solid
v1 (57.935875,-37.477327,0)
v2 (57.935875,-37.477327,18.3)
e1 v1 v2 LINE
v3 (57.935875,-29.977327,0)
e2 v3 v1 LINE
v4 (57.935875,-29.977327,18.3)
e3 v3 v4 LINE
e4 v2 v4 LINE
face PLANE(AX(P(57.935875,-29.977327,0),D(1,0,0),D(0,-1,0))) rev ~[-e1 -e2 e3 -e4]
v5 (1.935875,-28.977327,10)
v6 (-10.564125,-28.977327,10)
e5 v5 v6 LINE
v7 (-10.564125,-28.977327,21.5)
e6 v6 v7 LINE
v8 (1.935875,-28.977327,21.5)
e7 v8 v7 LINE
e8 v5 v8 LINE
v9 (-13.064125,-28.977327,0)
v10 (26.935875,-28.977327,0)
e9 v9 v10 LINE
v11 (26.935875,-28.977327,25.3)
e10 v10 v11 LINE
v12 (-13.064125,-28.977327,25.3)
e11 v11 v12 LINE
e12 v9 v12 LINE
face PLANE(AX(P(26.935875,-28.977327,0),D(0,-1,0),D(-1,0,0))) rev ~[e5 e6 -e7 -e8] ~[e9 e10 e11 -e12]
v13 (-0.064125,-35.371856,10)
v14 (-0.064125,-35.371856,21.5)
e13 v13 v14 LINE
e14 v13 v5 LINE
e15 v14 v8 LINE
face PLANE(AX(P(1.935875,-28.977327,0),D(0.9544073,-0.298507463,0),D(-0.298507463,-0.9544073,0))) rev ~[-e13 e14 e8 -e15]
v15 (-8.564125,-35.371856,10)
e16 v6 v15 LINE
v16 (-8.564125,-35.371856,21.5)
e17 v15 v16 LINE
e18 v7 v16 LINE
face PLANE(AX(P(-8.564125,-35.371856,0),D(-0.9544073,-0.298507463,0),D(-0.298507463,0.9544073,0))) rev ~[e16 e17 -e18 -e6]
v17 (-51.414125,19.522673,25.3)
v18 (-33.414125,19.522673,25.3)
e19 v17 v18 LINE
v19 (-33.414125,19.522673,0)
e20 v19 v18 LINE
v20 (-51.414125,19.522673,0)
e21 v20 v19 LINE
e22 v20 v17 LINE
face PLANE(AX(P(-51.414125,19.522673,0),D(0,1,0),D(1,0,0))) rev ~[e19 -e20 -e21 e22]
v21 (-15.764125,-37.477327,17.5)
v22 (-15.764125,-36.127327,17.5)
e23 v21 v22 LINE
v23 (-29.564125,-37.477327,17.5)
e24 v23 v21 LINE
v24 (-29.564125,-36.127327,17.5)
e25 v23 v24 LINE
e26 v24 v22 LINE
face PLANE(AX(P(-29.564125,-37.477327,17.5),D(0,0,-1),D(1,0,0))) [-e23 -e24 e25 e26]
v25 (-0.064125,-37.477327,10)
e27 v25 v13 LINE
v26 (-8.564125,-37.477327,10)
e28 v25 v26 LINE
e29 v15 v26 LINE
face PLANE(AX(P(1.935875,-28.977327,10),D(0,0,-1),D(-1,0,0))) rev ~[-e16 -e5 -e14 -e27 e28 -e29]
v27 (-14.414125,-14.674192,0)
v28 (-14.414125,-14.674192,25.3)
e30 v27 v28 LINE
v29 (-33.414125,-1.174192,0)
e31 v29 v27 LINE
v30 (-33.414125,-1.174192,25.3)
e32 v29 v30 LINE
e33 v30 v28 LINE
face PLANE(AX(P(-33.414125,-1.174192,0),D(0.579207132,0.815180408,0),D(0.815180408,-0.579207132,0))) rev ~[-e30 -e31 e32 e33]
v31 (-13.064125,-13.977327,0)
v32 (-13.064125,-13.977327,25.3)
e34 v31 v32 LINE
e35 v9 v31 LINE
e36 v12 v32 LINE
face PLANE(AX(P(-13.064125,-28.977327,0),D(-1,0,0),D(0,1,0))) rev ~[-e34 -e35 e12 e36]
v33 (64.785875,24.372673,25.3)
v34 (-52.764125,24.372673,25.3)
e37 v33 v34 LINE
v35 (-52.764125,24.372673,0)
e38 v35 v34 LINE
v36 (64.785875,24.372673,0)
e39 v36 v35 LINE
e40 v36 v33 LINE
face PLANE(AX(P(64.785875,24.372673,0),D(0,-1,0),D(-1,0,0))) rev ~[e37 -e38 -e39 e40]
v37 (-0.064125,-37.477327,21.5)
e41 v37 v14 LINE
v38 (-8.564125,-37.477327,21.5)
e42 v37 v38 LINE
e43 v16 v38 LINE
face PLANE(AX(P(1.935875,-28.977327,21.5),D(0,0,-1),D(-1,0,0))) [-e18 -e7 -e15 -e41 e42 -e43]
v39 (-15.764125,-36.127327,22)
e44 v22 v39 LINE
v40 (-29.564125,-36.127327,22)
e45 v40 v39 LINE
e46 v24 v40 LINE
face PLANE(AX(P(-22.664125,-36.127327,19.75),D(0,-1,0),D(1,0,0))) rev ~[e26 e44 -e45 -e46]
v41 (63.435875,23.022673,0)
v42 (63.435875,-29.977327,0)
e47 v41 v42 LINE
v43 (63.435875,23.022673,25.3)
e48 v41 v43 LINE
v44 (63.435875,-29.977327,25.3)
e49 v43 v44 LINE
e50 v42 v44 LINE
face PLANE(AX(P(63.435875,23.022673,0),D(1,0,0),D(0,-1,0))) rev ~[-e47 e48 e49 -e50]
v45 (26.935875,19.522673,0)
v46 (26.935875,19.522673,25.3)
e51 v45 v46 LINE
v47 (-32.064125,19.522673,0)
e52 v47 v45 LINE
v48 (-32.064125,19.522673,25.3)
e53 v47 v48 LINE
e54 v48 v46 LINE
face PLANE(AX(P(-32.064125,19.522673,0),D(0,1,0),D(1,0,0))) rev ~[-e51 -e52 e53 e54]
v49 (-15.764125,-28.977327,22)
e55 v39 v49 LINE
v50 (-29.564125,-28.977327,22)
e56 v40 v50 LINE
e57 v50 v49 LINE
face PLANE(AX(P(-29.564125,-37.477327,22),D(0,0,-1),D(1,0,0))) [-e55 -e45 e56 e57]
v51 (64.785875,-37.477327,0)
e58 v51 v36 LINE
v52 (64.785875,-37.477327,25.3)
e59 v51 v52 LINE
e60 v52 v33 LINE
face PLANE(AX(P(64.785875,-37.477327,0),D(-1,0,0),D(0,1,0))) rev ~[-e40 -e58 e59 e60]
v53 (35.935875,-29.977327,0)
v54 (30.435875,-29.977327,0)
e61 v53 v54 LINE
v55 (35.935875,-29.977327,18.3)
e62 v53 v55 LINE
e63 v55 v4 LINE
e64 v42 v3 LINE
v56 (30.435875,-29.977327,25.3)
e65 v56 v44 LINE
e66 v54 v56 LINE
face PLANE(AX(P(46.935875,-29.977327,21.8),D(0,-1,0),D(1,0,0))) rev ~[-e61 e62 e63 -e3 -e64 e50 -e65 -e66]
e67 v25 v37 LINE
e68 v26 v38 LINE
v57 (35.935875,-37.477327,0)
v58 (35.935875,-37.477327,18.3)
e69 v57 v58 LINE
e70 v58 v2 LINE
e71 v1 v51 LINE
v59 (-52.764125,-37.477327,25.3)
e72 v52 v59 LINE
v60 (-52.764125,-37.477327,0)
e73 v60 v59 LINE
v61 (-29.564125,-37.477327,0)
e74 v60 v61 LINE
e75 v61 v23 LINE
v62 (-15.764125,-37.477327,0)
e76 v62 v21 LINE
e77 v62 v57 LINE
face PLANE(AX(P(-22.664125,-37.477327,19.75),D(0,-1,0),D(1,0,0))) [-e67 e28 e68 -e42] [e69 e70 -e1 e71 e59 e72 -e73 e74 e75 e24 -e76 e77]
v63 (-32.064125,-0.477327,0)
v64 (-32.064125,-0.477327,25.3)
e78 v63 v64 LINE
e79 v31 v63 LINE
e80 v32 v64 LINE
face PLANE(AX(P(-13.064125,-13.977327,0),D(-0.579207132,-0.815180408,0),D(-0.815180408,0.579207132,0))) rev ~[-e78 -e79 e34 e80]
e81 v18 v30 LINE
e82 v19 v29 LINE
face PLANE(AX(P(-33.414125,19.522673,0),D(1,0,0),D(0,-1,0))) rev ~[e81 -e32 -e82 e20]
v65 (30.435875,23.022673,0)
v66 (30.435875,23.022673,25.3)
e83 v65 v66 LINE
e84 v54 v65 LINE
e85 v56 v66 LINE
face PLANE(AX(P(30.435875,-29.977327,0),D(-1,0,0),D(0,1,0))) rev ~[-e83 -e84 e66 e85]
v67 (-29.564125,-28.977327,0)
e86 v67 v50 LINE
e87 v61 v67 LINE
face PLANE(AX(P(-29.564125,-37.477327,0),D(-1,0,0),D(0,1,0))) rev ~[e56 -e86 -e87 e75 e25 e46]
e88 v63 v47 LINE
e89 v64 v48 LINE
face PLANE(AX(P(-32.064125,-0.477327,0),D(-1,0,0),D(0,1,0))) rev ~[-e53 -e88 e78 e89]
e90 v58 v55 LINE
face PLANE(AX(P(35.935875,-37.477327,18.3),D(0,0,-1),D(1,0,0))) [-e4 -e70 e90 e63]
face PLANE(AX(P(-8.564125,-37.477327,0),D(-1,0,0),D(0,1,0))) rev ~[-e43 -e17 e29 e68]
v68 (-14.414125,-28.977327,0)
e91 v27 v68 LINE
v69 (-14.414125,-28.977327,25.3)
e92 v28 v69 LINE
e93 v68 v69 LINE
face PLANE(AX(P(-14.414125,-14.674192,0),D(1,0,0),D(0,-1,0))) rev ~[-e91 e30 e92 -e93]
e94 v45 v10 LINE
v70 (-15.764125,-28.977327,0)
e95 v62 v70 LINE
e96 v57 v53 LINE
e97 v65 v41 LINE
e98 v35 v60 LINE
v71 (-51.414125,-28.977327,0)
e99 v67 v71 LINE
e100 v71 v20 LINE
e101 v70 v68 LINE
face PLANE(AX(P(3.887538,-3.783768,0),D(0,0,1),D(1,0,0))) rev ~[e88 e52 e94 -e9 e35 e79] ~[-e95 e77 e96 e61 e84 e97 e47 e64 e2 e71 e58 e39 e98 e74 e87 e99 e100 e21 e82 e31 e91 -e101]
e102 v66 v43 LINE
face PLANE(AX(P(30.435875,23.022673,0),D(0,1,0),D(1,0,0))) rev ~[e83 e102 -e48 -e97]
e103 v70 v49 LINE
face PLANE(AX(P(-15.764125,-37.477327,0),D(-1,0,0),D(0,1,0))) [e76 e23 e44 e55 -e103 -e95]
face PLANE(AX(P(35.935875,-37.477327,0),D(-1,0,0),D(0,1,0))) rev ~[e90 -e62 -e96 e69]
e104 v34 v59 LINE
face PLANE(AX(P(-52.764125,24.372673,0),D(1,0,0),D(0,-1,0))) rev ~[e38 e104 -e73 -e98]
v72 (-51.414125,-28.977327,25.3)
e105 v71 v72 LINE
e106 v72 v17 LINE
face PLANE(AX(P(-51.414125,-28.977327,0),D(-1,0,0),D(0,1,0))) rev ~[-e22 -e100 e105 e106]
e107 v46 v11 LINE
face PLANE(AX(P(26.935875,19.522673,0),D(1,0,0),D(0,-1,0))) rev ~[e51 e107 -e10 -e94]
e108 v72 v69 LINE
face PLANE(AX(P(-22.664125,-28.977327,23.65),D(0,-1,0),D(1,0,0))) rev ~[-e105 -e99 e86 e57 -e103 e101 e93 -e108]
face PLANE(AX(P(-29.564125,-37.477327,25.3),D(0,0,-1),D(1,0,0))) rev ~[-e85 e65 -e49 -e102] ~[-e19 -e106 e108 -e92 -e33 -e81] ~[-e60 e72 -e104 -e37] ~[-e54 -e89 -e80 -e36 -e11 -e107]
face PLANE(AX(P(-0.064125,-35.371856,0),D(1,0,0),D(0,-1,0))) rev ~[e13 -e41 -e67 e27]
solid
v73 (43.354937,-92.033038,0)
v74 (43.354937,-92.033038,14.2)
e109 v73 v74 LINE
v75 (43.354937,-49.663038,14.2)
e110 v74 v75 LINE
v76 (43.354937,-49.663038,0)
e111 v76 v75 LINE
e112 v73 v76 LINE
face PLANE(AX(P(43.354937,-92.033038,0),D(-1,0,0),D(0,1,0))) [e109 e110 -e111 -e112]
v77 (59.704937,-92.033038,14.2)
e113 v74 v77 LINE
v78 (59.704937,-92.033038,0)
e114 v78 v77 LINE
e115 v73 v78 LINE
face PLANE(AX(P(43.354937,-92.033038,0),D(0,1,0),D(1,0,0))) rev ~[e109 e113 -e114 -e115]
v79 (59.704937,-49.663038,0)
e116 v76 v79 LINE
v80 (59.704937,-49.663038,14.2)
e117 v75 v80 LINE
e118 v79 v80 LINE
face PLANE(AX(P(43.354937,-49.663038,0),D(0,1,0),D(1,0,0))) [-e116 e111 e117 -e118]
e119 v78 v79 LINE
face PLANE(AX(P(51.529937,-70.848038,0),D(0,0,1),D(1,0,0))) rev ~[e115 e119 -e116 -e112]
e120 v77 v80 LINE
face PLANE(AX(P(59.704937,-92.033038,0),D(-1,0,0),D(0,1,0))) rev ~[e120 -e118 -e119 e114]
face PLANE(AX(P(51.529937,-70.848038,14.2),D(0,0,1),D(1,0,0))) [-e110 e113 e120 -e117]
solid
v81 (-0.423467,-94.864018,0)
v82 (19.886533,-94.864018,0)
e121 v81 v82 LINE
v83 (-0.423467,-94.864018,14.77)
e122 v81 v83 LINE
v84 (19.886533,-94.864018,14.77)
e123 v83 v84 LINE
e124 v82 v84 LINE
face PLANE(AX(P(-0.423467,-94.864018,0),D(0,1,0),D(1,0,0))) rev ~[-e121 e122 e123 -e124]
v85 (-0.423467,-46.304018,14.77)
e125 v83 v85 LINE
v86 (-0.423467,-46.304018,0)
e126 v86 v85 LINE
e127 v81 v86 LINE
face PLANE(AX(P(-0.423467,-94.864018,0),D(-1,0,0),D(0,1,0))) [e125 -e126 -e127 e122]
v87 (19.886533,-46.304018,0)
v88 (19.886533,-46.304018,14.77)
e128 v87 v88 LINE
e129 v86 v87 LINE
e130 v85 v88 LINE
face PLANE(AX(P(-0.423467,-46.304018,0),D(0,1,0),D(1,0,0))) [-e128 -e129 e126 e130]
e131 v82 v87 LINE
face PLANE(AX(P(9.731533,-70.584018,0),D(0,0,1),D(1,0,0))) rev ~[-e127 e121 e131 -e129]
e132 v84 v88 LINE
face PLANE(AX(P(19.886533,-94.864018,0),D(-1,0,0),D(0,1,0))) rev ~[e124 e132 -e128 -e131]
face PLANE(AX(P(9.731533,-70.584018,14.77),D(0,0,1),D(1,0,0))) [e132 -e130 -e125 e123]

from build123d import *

# Parameters (mm, degrees)
F0_W      = 1.35
F0_H      = 8.5
F1_DEPTH  = 25.3
F2_W      = 22
F2_H      = 7
F3_DEPTH  = 7.5
F4_W      = 12.5
F4_H      = 3.8
F4_H_2    = 10
F5_DEPTH  = 8.5
F6_W      = 13.8
F6_H      = 3.3
F7_DEPTH  = 8.5
F6_H_2    = 4.5
F8_DEPTH  = 1.35
F9_W      = 20.31
F9_H      = 48.56
F10_DEPTH = 14.77
F11_W     = 16.35
F11_H     = 42.37
F12_DEPTH = 14.2


with BuildPart() as f1:
    # F0 (on Top) → F1 (new body)
    with BuildSketch(Plane.XY):
        Polygon((30.4358748317, -29.9773273379), (30.4358748317, 23.0226726621), (63.4358748317, 23.0226726621), (63.4358748317, -29.9773273379), (57.9358748317, -29.9773273379), (57.9358748317, -37.4773273379), (64.7858748317, -37.4773273379), (64.7858748317, 24.3726726621), (-33.4141251683, 24.3726726621), (-52.7641251683, 24.3726726621), (-52.7641251683, -37.4773273379), (-29.5641251683, -37.4773273379), (-29.5641251683, -28.9773273379), (-51.4141251683, -28.9773273379), (-51.4141251683, 19.5226726621), (-33.4141251683, 19.5226726621), (-33.4141251683, -1.1741919408), (-14.4141251683, -14.6741919408), (-14.4141251683, -28.9773273379), (-14.4141251683, -37.4773273379), (-8.5641251683, -37.4773273379), (-8.5641251683, -35.3718562494), (-10.5641251683, -28.9773273379), (-13.0641251683, -28.9773273379), (-13.0641251683, -13.9773273379), (-32.0641251683, -0.4773273379), (-32.0641251683, 19.5226726621), (26.9358748317, 19.5226726621), (26.9358748317, -28.9773273379), (1.9358748317, -28.9773273379), (-0.0641251683, -35.3718562494), (-0.0641251683, -37.4773273379), (35.9358748317, -37.4773273379), (35.9358748317, -29.9773273379), align=None)
        with Locations((-15.0891251683, -33.2273273379)):
            Rectangle(F0_W, F0_H)
    extrude(amount=F1_DEPTH)

    # F2 (on face) → F3 (join, through all)
    with BuildSketch(Plane.XZ.offset(37.4773273379)):
        with Locations((46.9358748317, 21.8)):
            Rectangle(F2_W, F2_H)
    extrude(amount=-F3_DEPTH)

    # F4 (on face) → F5 (join, through all)
    with BuildSketch(Plane(origin=(0, -28.9773273379, 0), x_dir=(-1, 0, 0), z_dir=(0, 1, 0))):
        with Locations((4.3141251683, 23.4)):
            Rectangle(F4_W, F4_H)
        with Locations((4.3141251683, 5)):
            Rectangle(F4_W, F4_H_2)
    extrude(amount=-F5_DEPTH)

    # F6 (on face) → F7 (join, through all)
    with BuildSketch(Plane.XZ.offset(37.4773273379)):
        with Locations((-22.6641251683, 23.65)):
            Rectangle(F6_W, F6_H)
    extrude(amount=-F7_DEPTH)

    # F6 (on face) → F8 (join)
    with BuildSketch(Plane.XZ.offset(37.4773273379)):
        with Locations((-22.6641251683, 19.75)):
            Rectangle(F6_W, F6_H_2)
    extrude(amount=-F8_DEPTH)


with BuildPart() as f10:
    # F9 (on Top) → F10 (new body)
    with BuildSketch(Plane.XY):
        with Locations((9.7315327984, -70.5840182614)):
            Rectangle(F9_W, F9_H)
    extrude(amount=F10_DEPTH)


with BuildPart() as f12:
    # F11 (on Top) → F12 (new body)
    with BuildSketch(Plane.XY):
        with Locations((51.5299370281, -70.8480384201)):
            Rectangle(F11_W, F11_H)
    extrude(amount=F12_DEPTH)


solid = Compound([f1.part, f10.part, f12.part])
